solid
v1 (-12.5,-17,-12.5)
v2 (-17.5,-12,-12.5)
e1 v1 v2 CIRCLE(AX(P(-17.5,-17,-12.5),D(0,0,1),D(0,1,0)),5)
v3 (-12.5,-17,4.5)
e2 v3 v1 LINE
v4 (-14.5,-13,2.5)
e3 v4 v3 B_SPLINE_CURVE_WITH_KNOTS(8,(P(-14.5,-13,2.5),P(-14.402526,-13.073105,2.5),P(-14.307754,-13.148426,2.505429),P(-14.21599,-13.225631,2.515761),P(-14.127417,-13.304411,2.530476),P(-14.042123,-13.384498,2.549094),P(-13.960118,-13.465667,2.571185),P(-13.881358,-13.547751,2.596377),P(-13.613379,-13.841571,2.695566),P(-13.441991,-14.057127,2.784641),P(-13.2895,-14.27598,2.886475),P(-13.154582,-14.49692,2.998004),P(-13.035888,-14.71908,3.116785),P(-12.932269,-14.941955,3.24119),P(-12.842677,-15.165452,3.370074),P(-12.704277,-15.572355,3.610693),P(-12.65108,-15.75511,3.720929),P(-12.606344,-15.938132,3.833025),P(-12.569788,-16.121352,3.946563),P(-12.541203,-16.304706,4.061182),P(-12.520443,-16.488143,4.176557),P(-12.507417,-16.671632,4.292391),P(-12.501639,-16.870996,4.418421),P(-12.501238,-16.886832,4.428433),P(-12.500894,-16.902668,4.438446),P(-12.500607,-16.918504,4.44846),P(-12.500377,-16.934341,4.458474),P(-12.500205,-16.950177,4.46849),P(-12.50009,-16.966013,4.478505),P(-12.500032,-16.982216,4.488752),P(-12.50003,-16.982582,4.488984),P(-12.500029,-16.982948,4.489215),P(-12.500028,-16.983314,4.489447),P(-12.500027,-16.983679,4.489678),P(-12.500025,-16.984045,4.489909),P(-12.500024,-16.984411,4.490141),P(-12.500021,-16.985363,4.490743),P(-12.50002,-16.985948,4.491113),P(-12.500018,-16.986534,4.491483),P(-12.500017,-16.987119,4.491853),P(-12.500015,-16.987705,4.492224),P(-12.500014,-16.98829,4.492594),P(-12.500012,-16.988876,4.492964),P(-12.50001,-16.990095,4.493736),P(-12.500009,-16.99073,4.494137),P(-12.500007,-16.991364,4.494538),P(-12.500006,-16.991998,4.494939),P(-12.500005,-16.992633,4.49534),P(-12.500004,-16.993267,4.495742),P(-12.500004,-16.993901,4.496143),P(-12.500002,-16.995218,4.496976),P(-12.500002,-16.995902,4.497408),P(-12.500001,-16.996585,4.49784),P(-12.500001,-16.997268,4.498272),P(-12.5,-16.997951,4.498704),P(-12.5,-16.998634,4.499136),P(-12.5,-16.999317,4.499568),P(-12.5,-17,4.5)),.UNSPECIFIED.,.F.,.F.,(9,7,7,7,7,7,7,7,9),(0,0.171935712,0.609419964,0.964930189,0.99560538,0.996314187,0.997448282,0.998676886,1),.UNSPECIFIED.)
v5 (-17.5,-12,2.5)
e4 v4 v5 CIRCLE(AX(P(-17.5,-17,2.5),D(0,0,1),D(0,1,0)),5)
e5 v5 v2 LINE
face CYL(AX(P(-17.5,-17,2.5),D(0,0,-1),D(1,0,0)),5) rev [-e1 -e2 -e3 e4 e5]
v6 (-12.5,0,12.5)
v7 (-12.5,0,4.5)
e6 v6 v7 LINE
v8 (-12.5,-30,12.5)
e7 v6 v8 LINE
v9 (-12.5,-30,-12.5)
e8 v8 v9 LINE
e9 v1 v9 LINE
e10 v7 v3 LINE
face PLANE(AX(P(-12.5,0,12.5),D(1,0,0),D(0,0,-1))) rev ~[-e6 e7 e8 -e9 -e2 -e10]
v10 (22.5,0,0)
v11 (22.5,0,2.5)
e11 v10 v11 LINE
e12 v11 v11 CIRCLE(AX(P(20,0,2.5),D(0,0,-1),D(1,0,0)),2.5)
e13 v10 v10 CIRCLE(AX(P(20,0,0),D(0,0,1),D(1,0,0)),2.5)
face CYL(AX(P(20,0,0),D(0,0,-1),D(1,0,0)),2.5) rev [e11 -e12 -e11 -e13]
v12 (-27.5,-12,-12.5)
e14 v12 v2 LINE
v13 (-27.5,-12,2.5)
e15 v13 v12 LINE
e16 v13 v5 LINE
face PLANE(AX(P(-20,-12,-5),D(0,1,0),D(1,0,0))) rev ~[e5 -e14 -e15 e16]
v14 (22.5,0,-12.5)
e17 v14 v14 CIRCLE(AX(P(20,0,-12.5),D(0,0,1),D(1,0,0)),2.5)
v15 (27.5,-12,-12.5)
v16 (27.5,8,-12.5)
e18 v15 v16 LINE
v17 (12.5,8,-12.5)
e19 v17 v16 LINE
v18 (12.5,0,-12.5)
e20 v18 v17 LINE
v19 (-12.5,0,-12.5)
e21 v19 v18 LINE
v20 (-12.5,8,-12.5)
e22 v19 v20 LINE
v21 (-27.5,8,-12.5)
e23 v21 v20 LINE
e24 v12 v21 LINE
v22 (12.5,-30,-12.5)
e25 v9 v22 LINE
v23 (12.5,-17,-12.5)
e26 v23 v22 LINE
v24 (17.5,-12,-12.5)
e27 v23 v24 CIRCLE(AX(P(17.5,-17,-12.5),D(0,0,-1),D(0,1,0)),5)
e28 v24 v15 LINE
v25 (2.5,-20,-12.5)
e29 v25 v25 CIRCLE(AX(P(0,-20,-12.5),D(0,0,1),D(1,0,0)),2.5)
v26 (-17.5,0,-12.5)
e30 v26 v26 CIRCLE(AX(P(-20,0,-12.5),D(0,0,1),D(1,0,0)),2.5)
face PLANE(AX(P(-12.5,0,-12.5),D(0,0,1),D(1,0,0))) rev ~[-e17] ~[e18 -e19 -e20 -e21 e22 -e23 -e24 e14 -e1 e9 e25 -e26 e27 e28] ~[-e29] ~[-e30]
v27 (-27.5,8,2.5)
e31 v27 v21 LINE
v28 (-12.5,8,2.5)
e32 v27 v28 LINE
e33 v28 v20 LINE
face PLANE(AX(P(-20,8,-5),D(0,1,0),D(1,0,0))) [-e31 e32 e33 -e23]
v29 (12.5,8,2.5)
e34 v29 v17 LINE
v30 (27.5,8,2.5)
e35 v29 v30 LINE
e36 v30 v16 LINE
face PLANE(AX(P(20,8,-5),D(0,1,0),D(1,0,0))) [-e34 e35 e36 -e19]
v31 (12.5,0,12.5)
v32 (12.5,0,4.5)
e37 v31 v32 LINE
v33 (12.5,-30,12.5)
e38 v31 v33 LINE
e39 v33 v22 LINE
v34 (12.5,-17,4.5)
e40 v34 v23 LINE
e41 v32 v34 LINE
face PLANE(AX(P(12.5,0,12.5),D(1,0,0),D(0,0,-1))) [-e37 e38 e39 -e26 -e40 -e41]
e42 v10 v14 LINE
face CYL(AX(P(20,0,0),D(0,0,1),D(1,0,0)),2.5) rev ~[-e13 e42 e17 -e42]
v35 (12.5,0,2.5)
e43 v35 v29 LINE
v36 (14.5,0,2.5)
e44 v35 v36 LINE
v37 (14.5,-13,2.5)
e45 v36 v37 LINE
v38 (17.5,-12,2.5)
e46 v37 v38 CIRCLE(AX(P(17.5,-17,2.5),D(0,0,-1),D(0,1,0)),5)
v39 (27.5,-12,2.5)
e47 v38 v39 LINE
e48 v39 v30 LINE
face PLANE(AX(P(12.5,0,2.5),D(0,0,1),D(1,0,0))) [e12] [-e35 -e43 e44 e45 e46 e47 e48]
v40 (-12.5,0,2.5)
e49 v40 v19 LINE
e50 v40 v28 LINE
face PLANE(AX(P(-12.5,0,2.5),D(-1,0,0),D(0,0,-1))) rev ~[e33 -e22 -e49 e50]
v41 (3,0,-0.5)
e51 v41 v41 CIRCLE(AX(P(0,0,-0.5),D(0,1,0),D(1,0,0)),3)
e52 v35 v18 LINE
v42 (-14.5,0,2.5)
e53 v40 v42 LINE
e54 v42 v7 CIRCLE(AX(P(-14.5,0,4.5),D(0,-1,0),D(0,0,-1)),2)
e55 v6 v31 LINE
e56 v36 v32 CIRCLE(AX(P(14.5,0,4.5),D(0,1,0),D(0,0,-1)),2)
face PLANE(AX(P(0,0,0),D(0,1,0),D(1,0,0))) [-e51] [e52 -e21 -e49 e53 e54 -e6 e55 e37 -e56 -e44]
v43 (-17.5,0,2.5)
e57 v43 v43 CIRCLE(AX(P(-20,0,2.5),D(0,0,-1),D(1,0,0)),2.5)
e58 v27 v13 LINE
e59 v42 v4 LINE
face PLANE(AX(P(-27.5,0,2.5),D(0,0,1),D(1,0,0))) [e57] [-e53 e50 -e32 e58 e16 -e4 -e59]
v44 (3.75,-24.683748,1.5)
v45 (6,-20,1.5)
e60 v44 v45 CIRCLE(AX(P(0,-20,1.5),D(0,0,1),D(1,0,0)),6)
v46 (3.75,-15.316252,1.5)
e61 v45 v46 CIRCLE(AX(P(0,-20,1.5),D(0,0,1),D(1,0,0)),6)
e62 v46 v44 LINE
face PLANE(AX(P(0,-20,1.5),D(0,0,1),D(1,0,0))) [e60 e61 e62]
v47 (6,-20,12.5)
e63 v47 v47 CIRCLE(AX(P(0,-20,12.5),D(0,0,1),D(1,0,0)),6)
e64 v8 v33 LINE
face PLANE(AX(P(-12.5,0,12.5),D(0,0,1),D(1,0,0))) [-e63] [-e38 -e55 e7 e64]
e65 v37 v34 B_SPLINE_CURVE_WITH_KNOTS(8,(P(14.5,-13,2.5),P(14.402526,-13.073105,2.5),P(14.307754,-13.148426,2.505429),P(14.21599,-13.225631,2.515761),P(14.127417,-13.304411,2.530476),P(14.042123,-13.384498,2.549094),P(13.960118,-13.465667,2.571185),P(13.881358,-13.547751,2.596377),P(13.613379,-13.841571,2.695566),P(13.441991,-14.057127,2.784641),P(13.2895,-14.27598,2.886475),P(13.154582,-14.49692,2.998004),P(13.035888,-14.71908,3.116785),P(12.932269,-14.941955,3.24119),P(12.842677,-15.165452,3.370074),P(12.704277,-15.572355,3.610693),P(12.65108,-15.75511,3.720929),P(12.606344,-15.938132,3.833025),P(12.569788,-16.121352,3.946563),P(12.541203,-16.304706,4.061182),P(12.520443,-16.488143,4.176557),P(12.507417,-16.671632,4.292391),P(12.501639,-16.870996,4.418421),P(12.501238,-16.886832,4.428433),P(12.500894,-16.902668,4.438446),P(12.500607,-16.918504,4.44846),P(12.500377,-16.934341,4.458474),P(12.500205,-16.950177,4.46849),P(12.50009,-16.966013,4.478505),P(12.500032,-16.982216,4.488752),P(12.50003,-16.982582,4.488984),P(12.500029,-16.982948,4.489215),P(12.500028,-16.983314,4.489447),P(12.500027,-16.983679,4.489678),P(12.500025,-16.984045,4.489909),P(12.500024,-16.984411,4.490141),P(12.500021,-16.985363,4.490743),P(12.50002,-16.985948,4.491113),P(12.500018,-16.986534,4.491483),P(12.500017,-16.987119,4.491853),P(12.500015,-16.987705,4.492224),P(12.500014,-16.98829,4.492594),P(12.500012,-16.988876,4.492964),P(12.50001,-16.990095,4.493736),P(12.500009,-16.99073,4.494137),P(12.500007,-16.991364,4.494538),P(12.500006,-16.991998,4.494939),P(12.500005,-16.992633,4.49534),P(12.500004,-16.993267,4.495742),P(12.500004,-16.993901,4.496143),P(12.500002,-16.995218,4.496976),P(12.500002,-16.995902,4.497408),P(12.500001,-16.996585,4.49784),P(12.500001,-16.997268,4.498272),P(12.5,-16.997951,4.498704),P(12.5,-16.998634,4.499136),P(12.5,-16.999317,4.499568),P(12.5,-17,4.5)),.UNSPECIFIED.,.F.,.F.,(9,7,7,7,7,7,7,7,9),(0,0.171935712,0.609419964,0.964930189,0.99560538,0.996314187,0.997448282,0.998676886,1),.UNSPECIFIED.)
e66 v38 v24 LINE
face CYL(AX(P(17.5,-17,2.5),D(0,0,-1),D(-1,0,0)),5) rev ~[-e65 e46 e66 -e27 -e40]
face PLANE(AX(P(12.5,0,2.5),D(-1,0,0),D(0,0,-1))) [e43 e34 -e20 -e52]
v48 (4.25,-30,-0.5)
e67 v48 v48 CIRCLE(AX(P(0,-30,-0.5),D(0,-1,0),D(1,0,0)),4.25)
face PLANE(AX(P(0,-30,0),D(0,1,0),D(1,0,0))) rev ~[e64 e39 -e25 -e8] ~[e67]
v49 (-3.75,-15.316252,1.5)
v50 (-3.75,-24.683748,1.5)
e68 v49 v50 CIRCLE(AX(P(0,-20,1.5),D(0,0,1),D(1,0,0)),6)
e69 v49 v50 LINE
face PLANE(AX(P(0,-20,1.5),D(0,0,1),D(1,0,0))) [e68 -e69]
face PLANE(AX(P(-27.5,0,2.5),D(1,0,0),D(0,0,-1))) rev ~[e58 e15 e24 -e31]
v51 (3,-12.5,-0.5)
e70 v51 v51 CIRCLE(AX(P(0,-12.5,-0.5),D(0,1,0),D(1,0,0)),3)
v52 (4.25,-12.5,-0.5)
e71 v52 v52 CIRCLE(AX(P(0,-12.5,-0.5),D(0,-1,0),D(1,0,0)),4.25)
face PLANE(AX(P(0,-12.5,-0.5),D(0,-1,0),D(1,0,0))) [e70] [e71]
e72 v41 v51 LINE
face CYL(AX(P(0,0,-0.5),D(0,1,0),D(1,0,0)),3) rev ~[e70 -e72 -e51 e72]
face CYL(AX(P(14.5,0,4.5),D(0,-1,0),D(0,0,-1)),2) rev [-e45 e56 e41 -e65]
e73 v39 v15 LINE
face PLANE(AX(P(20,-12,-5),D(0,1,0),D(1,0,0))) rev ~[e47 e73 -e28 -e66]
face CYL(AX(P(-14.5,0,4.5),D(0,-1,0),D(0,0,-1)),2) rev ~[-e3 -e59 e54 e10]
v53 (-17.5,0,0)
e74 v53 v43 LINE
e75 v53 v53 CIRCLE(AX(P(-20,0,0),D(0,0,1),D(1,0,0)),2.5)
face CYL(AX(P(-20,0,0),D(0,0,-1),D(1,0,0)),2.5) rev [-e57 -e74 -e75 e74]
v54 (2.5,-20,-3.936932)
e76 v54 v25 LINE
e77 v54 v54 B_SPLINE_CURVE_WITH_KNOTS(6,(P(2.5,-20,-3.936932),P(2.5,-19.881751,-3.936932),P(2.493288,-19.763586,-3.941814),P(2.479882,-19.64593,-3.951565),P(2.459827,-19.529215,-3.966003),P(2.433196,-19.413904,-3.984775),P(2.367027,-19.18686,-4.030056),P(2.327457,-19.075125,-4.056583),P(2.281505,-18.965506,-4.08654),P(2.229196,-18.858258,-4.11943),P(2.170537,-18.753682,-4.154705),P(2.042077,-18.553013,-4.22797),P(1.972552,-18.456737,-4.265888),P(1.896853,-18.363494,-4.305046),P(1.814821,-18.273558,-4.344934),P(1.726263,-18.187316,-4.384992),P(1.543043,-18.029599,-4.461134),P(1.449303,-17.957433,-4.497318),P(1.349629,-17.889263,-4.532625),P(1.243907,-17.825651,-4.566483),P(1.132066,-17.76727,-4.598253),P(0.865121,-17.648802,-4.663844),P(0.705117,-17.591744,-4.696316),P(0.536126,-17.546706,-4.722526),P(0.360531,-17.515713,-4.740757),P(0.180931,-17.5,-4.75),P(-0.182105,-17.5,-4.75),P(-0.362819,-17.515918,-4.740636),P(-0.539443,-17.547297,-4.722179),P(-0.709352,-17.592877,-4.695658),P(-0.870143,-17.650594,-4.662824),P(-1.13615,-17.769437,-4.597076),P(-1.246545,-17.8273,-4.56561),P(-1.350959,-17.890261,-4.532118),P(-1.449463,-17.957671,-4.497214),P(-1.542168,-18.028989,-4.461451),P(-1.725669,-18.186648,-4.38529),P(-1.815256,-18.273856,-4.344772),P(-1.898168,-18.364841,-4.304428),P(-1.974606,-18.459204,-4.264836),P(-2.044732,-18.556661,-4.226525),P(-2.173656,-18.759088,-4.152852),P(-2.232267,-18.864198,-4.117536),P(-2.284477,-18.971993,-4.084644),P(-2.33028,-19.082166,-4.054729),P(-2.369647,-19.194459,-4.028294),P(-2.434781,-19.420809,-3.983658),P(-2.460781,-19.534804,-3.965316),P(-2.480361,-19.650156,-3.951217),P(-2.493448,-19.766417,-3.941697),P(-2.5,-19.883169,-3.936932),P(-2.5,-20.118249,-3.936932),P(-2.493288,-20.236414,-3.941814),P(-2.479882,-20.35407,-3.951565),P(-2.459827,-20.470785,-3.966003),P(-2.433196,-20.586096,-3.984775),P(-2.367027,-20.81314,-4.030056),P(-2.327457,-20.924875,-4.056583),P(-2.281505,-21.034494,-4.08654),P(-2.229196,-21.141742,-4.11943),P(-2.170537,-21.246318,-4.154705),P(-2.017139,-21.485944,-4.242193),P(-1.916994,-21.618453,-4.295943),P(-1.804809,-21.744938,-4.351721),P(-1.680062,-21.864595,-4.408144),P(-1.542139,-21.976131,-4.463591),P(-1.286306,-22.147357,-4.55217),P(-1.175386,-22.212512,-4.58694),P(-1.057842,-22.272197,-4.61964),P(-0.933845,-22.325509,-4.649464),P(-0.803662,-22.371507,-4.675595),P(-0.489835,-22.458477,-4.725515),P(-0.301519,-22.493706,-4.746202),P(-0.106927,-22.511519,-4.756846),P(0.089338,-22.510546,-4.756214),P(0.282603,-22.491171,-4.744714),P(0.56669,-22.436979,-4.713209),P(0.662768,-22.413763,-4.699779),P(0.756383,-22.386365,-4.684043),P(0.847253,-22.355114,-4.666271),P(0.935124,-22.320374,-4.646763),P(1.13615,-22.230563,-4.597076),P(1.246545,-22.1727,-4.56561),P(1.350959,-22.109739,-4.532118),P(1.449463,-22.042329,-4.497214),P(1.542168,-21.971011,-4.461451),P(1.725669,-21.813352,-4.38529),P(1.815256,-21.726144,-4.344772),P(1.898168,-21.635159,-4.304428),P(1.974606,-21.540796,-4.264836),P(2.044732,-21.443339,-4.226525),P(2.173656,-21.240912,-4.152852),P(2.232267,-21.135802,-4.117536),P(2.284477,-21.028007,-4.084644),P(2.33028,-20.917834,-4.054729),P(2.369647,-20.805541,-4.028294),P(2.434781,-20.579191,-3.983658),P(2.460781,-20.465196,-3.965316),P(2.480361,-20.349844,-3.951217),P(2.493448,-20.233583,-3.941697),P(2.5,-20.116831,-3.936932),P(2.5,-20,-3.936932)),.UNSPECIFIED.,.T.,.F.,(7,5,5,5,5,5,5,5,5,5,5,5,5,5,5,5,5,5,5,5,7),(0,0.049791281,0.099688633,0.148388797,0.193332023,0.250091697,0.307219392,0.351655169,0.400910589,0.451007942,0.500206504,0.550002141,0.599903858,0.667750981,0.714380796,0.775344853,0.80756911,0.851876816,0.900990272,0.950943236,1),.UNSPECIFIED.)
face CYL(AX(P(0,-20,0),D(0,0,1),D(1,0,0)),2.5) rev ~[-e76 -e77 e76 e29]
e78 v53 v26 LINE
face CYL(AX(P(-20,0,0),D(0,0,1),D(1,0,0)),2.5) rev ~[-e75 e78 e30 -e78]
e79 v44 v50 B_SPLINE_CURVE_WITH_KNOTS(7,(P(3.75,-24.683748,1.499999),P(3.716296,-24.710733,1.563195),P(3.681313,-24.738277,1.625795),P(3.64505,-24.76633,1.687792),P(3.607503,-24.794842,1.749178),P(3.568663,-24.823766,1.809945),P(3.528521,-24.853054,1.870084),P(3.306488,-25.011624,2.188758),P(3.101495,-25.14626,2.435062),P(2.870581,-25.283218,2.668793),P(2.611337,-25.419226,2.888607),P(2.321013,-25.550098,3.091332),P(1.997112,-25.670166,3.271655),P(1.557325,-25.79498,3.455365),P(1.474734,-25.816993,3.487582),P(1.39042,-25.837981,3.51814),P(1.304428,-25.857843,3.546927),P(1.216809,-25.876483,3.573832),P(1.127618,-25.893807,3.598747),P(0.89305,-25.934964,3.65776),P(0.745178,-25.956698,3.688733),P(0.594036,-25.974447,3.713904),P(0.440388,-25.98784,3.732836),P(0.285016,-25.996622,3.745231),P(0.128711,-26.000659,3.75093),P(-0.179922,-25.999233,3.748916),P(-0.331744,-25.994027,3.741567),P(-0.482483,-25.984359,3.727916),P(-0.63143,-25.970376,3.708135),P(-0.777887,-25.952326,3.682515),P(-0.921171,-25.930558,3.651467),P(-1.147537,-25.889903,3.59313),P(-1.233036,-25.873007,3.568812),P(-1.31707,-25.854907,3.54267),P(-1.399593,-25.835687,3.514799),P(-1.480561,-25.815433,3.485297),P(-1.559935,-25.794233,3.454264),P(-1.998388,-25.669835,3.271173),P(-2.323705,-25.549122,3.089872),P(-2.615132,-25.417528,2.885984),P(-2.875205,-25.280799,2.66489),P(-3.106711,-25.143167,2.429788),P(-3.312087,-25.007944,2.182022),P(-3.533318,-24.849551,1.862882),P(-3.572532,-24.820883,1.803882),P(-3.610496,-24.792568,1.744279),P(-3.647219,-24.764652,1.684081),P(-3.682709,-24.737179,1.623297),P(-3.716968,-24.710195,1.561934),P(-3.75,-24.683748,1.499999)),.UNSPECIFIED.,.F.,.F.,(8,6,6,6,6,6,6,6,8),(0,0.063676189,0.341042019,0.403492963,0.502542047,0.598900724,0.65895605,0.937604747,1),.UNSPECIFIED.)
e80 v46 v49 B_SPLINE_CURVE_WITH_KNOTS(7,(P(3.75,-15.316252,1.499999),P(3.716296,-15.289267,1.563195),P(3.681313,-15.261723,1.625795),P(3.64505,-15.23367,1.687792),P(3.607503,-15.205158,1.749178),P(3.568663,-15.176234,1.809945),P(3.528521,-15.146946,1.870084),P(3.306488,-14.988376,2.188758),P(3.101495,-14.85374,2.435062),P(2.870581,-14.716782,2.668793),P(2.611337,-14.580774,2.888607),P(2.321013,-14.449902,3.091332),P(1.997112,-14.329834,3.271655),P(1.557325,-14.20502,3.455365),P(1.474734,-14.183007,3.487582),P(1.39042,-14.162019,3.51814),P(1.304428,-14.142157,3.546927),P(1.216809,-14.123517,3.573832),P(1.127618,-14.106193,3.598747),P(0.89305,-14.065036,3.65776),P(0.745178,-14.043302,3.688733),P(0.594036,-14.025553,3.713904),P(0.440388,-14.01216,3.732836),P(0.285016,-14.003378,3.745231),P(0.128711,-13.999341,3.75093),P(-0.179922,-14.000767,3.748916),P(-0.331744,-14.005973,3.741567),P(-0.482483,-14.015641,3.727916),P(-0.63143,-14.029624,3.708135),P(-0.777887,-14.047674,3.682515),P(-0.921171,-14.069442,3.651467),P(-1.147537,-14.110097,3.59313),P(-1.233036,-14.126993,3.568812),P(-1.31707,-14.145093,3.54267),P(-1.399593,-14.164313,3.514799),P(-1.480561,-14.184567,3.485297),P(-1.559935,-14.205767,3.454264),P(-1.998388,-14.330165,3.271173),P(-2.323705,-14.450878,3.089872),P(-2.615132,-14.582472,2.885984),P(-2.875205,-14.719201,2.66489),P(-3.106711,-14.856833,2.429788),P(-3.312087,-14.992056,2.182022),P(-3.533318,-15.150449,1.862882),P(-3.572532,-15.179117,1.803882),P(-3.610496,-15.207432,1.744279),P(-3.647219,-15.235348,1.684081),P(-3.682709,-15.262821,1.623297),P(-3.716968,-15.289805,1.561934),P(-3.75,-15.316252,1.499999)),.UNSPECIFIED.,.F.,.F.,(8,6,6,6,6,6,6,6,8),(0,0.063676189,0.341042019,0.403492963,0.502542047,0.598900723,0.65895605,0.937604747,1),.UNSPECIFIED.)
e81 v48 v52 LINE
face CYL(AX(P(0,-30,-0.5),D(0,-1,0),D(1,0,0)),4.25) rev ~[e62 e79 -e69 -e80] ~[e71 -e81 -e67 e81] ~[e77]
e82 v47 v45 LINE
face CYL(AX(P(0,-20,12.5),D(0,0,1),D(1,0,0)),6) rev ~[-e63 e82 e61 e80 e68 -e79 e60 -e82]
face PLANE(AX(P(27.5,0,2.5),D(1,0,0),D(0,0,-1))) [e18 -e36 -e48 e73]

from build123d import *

# Parameters (mm, degrees)
SKETCH1_W                = 25
SKETCH1_H                = 25
BOSS_EXTRUDE1_DEPTH      = 30
SKETCH6_W                = 15
SKETCH6_H                = 15
BOSS_EXTRUDE2_DEPTH      = 8
BOSS_EXTRUDE2_DEPTH_BACK = 12
SKETCH3_R                = 2.5
CUT_EXTRUDE1_DEPTH       = 13.5
CUT_EXTRUDE1_DEPTH_BACK  = 13.5
SKETCH5_R                = 6
CUT_EXTRUDE4_DEPTH       = 11
SKETCH2_R                = 3
CUT_EXTRUDE6_DEPTH       = 31
SKETCH4_R                = 4.25
CUT_EXTRUDE3_DEPTH       = 17.5
FILLET1_R                = 5
FILLET2_R                = 2


with BuildPart() as part:
    # Sketch1 → Boss-Extrude1 (new body)
    with BuildSketch(Plane(origin=(0, 0, 0), x_dir=(1, 0, 0), z_dir=(0, 1, 0))):
        Rectangle(SKETCH1_W, SKETCH1_H)
    extrude(amount=-BOSS_EXTRUDE1_DEPTH)

    # Sketch6 → Boss-Extrude2 (add, two sides)
    with BuildSketch(Plane(origin=(0, 0, 0), x_dir=(1, 0, 0), z_dir=(0, 1, 0))) as boss_extrude2_sk:
        with Locations((20, 5)):
            Rectangle(SKETCH6_W, SKETCH6_H)
        with Locations((-20, 5)):
            Rectangle(SKETCH6_W, SKETCH6_H)
    extrude(amount=BOSS_EXTRUDE2_DEPTH)
    extrude(boss_extrude2_sk.sketch, amount=-BOSS_EXTRUDE2_DEPTH_BACK)

    # Sketch3 → Cut-Extrude1 (cut, two sides)
    with BuildSketch(Plane.XY) as cut_extrude1_sk:
        with Locations((0, -20)):
            Circle(SKETCH3_R)
        with Locations((20, 0)):
            Circle(SKETCH3_R)
        with Locations((-20, 0)):
            Circle(SKETCH3_R)
    extrude(amount=CUT_EXTRUDE1_DEPTH, mode=Mode.SUBTRACT)
    extrude(cut_extrude1_sk.sketch, amount=-CUT_EXTRUDE1_DEPTH_BACK, mode=Mode.SUBTRACT)

    # Sketch5 → Cut-Extrude4 (cut)
    with BuildSketch(Plane.XY.offset(12.5)):
        with Locations((0, -20)):
            Circle(SKETCH5_R)
    extrude(amount=-CUT_EXTRUDE4_DEPTH, mode=Mode.SUBTRACT)

    # Sketch2 → Cut-Extrude6 (cut, through all)
    with BuildSketch(Plane(origin=(0, 0, 0), x_dir=(1, 0, 0), z_dir=(0, 1, 0))):
        with Locations((0, 0.5)):
            Circle(SKETCH2_R)
    extrude(amount=-CUT_EXTRUDE6_DEPTH, mode=Mode.SUBTRACT)

    # Sketch4 → Cut-Extrude3 (cut)
    with BuildSketch(Plane.XZ.offset(30)):
        with Locations((0, -0.5)):
            Circle(SKETCH4_R)
    extrude(amount=-CUT_EXTRUDE3_DEPTH, mode=Mode.SUBTRACT)

    # Fillet1
    fillet1_edges = [part.edges().sort_by_distance(p)[0] for p in [
        (12.5, -12, -5),
        (-12.5, -12, -5),
    ]]
    fillet(fillet1_edges, radius=FILLET1_R)

    # Fillet2
    fillet2_edges = [part.edges().sort_by_distance(p)[0] for p in [
        (12.5, -6, 2.5),
        (-12.5, -6, 2.5),
    ]]
    fillet(fillet2_edges, radius=FILLET2_R)


solid = part.part
